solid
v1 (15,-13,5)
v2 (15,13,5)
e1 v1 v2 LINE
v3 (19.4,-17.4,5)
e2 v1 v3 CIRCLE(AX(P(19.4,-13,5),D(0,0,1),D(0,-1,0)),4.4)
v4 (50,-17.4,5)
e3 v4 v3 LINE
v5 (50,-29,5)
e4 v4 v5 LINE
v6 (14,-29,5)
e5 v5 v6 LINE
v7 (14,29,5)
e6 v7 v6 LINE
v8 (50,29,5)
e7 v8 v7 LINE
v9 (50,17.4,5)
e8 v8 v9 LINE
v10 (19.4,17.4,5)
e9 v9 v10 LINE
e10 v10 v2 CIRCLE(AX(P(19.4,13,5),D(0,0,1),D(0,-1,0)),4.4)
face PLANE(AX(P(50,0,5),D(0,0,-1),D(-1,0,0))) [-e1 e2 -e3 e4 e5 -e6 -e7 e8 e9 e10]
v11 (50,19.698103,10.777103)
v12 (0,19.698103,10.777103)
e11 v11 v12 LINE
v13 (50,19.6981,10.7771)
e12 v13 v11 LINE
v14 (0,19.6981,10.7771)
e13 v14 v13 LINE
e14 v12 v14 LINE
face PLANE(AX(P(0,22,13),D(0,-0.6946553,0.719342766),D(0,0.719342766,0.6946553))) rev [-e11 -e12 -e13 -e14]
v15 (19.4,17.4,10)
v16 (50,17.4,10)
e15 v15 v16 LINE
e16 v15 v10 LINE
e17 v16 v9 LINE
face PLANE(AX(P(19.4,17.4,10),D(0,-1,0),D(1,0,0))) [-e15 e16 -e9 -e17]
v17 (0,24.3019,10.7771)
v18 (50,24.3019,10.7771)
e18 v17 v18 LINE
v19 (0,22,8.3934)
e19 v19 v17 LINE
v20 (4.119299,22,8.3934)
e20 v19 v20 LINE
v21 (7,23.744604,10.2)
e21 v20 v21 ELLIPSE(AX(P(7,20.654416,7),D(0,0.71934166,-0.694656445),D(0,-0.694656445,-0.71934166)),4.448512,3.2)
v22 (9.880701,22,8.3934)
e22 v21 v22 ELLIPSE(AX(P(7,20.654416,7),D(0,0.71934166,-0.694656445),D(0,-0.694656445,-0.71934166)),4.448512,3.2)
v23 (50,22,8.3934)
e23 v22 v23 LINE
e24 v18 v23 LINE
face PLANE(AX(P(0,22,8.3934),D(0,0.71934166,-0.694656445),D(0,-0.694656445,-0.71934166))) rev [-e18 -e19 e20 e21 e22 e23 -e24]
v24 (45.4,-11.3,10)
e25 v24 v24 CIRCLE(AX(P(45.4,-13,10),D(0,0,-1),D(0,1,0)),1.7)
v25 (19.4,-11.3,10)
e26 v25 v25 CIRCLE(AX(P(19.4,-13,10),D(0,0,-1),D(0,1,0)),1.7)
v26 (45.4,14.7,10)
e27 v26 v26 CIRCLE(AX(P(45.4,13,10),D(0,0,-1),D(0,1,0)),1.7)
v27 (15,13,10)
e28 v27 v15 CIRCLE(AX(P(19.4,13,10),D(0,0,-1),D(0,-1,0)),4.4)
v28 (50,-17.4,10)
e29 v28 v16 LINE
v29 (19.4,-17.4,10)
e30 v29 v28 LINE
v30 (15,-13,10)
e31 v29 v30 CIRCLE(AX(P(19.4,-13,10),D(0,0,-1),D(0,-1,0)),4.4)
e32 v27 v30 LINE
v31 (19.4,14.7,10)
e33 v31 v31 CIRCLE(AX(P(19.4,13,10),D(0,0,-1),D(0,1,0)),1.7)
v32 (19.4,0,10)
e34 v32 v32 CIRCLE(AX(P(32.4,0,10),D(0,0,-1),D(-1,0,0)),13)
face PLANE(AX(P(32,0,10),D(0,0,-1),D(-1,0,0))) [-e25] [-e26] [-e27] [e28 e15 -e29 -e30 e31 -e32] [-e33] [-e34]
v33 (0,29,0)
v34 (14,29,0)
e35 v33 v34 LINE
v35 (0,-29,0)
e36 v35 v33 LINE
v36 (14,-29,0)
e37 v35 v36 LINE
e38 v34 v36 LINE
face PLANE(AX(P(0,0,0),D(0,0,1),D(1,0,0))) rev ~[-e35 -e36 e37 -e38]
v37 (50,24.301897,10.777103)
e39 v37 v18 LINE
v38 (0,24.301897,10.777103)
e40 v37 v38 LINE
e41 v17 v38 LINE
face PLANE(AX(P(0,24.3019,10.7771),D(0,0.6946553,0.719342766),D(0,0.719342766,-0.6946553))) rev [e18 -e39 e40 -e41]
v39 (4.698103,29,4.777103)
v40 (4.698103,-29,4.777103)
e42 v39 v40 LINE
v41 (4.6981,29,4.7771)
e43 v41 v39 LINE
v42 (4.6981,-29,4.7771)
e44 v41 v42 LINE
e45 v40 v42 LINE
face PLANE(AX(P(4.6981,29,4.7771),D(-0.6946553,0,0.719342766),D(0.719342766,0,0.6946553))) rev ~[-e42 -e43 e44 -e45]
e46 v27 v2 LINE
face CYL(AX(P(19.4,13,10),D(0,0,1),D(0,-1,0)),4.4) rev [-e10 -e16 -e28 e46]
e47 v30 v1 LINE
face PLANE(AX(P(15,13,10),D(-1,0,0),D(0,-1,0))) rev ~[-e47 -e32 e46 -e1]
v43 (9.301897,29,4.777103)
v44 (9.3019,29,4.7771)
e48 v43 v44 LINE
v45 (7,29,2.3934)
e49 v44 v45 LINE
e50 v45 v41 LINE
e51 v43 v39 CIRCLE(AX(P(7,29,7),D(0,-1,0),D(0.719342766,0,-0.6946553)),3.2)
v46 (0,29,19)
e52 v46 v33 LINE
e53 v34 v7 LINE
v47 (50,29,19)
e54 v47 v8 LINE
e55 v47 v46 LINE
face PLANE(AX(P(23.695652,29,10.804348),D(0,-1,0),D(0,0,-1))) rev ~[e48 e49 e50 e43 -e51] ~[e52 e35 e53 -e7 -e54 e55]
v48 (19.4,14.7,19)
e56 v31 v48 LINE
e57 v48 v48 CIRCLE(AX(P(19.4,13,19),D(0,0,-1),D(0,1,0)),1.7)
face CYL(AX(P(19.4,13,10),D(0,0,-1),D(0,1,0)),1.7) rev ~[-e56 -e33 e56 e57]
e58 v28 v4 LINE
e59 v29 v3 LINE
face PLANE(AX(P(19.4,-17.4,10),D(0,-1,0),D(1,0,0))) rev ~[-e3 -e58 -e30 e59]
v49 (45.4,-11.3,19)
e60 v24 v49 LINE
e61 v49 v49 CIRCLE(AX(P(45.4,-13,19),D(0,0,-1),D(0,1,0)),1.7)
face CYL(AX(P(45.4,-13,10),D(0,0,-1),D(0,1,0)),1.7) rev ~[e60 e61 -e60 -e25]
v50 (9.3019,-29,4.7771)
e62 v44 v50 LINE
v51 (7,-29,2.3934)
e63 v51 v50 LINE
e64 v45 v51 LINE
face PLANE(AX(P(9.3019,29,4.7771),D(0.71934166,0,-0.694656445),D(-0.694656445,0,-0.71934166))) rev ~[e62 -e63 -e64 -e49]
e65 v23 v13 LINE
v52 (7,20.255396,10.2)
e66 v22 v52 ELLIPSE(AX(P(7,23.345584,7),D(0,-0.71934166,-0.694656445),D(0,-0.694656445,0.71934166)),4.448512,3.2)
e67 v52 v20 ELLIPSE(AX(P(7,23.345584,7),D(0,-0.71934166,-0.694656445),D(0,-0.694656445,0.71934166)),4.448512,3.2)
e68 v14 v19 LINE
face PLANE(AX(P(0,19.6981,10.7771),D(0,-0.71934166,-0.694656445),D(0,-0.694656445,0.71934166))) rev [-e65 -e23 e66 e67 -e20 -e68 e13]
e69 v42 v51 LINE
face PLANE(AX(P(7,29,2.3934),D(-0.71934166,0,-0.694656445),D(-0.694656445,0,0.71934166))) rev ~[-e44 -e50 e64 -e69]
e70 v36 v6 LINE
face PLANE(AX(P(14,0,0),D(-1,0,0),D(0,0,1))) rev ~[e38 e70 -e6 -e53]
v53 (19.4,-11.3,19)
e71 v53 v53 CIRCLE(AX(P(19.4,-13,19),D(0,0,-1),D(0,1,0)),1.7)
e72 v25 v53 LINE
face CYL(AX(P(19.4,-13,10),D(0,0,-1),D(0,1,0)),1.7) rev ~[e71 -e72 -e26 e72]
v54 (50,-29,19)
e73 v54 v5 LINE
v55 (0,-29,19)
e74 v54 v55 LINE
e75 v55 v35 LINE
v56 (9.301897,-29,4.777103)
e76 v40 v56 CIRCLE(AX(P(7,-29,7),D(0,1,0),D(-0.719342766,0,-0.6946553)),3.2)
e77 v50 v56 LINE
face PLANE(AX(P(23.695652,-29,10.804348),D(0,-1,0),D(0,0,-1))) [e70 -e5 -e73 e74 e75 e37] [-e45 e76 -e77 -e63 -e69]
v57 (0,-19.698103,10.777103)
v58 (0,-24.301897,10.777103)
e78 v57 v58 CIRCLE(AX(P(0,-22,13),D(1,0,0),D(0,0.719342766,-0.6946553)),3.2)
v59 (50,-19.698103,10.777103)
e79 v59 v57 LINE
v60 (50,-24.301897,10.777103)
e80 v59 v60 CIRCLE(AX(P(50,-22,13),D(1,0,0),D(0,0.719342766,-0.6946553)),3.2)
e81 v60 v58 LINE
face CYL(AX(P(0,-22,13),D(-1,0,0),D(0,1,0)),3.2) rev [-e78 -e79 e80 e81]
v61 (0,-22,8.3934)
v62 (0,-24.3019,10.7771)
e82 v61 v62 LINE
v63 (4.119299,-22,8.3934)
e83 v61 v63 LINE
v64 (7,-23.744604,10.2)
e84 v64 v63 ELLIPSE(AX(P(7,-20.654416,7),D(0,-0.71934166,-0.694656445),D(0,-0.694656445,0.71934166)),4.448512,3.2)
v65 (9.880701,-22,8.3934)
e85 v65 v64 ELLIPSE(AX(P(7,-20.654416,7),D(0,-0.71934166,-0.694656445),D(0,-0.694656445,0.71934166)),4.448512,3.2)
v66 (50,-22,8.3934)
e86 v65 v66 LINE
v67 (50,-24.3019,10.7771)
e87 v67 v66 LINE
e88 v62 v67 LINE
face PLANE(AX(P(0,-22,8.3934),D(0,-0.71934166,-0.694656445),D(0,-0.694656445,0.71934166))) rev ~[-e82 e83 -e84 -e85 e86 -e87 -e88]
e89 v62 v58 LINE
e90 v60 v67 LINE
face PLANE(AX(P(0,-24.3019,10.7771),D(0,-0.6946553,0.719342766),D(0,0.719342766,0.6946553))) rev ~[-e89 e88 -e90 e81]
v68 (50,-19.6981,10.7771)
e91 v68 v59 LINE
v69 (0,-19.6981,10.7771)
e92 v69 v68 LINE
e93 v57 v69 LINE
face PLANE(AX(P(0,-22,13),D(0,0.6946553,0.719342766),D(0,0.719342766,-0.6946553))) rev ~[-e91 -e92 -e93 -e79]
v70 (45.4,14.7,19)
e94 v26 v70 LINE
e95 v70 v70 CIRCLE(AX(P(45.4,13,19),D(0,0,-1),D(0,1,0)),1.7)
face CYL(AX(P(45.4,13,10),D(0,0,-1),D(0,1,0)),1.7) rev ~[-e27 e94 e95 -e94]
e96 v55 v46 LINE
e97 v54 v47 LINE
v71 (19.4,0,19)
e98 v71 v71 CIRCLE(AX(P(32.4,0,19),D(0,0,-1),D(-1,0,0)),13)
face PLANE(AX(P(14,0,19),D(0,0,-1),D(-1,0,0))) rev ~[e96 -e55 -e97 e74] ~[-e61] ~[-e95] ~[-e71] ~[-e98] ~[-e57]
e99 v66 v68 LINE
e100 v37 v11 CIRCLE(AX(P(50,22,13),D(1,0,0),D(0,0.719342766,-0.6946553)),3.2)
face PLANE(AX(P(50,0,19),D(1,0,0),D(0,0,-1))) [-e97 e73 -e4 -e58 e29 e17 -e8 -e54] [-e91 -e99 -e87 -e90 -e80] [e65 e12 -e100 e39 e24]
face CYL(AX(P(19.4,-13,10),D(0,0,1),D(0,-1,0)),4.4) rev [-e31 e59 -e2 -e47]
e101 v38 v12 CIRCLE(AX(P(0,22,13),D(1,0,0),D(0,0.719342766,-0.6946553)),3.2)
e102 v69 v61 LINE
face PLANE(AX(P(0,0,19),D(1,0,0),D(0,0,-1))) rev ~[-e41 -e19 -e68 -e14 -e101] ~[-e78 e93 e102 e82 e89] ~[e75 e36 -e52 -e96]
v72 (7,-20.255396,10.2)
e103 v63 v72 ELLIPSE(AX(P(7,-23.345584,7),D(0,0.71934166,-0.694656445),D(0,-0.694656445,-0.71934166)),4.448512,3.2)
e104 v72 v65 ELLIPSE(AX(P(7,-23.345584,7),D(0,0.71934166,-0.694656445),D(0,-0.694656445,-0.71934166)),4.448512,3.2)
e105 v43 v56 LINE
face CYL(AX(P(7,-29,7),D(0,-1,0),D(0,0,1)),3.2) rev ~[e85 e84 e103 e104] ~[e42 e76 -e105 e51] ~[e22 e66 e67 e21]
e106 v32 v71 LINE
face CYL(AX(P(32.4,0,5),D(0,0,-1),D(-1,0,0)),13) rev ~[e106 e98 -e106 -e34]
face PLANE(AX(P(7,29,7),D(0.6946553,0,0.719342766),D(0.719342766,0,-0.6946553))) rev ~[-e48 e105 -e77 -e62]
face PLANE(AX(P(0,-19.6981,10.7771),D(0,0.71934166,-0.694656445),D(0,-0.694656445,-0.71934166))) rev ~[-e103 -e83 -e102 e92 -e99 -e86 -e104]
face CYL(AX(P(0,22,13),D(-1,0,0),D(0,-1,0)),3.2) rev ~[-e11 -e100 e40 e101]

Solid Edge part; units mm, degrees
sketch "Sketch1" plane through (0, 0, 0) normal (0, -1, 0) x (1, 0, 0)
  line L0 (0, 0) -> (14, 0)
  line L1 (14, 0) -> (14, 5)
  line L2 (50, 5) -> (14, 5)
  line L3 (50, 19) -> (50, 5)
  line L4 (14, 19) -> (50, 19)
  line L5 (14, 19) -> (0, 19)
  line L6 (0, 19) -> (0, 0)
  dimension "D1" = 36
  dimension "D2" = 14
  dimension "D3" = 19
  dimension "D4" = 14
  dimension "D5" = 5
extrude "Protrusion1" add sketch "Sketch1" along normal mid plane 58
sketch "Sketch2" plane through (0, 0, 10.5) normal (-1, 0, 0) x (0, -1, 0)
  circle A0 centre (-22, 2.5) radius 3.2
  dimension "D1" = 7
  dimension "D2" = 6
extrude "Cutout1" cut sketch "Sketch2" against normal through all
mirror "Mirror1" about plane through (0, 0, 0) normal (0, -1, 0) of "Cutout1"
sketch "Sketch3" plane through (27, -29, 10.5) normal (0, -1, 0) x (0, 0, 1)
  circle A0 centre (-3.5, 20) radius 3.2
  dimension "D1" = 7
  dimension "D2" = 7
  dimension "D3" = 6.4
extrude "Cutout2" cut sketch "Sketch3" against normal through all
sketch "Sketch4" plane through (32, 0, 5) normal (0, 0, -1) x (-1, 0, 0)
  circle A0 centre (-0.4, 0) radius 13
  dimension "D1" = 2
extrude "Cutout3" cut sketch "Sketch4" against normal through all
sketch "Sketch5" plane through (32, 0, 10) normal (0, 0, -1) x (0, -1, 0)
  line L0 (17.4, 12.6) -> (17.4, -22.4304)
  line L1 (-13, 17) -> (13, 17)
  line L2 (-17.4, 12.6) -> (-17.4, -23.1466)
  arc A0 (-13, 17) -> (-17.4, 12.6) centre (-13, 12.6) ccw
  arc A1 (17.4, 12.6) -> (13, 17) centre (13, 12.6) ccw
extrude "Cutout4" cut sketch "Sketch5" along normal through all material side at (36.9152, -17.35, 10)
sketch "Sketch6" plane through (0, 0, 10.5) normal (-1, 0, 0) x (0, 1, 0)
  line L0 (-22, -2.5) -> (-19.6981, -0.2771)
  line L1 (-19.6981, -0.2771) -> (-22, 2.1066)
  line L2 (-22, 2.1066) -> (-24.3019, -0.2771)
  line L3 (-24.3019, -0.2771) -> (-22, -2.5)
extrude "Cutout5" cut sketch "Sketch6" against normal through all
mirror "Mirror2" about plane through (0, 0, 0) normal (0, -1, 0) of "Cutout5"
sketch "Sketch7" plane through (25, 29, 10.5) normal (0, 1, 0) x (1, 0, 0)
  line L0 (-18, 3.5) -> (-15.6981, 5.7229)
  line L1 (-15.6981, 5.7229) -> (-18, 8.1066)
  line L2 (-18, 8.1066) -> (-20.3019, 5.7229)
  line L3 (-20.3019, 5.7229) -> (-18, 3.5)
extrude "Cutout7" cut sketch "Sketch7" against normal through all
sketch "Sketch8" plane through (32.5, 0, 10) normal (0, 0, -1) x (0, 1, 0)
  circle A0 centre (-13, 12.9) radius 1.7
  circle A1 centre (13, 12.9) radius 1.7
  circle A2 centre (13, -13.1) radius 1.7
  circle A3 centre (-13, -13.1) radius 1.7
extrude "Cutout8" cut sketch "Sketch8" against normal through all
